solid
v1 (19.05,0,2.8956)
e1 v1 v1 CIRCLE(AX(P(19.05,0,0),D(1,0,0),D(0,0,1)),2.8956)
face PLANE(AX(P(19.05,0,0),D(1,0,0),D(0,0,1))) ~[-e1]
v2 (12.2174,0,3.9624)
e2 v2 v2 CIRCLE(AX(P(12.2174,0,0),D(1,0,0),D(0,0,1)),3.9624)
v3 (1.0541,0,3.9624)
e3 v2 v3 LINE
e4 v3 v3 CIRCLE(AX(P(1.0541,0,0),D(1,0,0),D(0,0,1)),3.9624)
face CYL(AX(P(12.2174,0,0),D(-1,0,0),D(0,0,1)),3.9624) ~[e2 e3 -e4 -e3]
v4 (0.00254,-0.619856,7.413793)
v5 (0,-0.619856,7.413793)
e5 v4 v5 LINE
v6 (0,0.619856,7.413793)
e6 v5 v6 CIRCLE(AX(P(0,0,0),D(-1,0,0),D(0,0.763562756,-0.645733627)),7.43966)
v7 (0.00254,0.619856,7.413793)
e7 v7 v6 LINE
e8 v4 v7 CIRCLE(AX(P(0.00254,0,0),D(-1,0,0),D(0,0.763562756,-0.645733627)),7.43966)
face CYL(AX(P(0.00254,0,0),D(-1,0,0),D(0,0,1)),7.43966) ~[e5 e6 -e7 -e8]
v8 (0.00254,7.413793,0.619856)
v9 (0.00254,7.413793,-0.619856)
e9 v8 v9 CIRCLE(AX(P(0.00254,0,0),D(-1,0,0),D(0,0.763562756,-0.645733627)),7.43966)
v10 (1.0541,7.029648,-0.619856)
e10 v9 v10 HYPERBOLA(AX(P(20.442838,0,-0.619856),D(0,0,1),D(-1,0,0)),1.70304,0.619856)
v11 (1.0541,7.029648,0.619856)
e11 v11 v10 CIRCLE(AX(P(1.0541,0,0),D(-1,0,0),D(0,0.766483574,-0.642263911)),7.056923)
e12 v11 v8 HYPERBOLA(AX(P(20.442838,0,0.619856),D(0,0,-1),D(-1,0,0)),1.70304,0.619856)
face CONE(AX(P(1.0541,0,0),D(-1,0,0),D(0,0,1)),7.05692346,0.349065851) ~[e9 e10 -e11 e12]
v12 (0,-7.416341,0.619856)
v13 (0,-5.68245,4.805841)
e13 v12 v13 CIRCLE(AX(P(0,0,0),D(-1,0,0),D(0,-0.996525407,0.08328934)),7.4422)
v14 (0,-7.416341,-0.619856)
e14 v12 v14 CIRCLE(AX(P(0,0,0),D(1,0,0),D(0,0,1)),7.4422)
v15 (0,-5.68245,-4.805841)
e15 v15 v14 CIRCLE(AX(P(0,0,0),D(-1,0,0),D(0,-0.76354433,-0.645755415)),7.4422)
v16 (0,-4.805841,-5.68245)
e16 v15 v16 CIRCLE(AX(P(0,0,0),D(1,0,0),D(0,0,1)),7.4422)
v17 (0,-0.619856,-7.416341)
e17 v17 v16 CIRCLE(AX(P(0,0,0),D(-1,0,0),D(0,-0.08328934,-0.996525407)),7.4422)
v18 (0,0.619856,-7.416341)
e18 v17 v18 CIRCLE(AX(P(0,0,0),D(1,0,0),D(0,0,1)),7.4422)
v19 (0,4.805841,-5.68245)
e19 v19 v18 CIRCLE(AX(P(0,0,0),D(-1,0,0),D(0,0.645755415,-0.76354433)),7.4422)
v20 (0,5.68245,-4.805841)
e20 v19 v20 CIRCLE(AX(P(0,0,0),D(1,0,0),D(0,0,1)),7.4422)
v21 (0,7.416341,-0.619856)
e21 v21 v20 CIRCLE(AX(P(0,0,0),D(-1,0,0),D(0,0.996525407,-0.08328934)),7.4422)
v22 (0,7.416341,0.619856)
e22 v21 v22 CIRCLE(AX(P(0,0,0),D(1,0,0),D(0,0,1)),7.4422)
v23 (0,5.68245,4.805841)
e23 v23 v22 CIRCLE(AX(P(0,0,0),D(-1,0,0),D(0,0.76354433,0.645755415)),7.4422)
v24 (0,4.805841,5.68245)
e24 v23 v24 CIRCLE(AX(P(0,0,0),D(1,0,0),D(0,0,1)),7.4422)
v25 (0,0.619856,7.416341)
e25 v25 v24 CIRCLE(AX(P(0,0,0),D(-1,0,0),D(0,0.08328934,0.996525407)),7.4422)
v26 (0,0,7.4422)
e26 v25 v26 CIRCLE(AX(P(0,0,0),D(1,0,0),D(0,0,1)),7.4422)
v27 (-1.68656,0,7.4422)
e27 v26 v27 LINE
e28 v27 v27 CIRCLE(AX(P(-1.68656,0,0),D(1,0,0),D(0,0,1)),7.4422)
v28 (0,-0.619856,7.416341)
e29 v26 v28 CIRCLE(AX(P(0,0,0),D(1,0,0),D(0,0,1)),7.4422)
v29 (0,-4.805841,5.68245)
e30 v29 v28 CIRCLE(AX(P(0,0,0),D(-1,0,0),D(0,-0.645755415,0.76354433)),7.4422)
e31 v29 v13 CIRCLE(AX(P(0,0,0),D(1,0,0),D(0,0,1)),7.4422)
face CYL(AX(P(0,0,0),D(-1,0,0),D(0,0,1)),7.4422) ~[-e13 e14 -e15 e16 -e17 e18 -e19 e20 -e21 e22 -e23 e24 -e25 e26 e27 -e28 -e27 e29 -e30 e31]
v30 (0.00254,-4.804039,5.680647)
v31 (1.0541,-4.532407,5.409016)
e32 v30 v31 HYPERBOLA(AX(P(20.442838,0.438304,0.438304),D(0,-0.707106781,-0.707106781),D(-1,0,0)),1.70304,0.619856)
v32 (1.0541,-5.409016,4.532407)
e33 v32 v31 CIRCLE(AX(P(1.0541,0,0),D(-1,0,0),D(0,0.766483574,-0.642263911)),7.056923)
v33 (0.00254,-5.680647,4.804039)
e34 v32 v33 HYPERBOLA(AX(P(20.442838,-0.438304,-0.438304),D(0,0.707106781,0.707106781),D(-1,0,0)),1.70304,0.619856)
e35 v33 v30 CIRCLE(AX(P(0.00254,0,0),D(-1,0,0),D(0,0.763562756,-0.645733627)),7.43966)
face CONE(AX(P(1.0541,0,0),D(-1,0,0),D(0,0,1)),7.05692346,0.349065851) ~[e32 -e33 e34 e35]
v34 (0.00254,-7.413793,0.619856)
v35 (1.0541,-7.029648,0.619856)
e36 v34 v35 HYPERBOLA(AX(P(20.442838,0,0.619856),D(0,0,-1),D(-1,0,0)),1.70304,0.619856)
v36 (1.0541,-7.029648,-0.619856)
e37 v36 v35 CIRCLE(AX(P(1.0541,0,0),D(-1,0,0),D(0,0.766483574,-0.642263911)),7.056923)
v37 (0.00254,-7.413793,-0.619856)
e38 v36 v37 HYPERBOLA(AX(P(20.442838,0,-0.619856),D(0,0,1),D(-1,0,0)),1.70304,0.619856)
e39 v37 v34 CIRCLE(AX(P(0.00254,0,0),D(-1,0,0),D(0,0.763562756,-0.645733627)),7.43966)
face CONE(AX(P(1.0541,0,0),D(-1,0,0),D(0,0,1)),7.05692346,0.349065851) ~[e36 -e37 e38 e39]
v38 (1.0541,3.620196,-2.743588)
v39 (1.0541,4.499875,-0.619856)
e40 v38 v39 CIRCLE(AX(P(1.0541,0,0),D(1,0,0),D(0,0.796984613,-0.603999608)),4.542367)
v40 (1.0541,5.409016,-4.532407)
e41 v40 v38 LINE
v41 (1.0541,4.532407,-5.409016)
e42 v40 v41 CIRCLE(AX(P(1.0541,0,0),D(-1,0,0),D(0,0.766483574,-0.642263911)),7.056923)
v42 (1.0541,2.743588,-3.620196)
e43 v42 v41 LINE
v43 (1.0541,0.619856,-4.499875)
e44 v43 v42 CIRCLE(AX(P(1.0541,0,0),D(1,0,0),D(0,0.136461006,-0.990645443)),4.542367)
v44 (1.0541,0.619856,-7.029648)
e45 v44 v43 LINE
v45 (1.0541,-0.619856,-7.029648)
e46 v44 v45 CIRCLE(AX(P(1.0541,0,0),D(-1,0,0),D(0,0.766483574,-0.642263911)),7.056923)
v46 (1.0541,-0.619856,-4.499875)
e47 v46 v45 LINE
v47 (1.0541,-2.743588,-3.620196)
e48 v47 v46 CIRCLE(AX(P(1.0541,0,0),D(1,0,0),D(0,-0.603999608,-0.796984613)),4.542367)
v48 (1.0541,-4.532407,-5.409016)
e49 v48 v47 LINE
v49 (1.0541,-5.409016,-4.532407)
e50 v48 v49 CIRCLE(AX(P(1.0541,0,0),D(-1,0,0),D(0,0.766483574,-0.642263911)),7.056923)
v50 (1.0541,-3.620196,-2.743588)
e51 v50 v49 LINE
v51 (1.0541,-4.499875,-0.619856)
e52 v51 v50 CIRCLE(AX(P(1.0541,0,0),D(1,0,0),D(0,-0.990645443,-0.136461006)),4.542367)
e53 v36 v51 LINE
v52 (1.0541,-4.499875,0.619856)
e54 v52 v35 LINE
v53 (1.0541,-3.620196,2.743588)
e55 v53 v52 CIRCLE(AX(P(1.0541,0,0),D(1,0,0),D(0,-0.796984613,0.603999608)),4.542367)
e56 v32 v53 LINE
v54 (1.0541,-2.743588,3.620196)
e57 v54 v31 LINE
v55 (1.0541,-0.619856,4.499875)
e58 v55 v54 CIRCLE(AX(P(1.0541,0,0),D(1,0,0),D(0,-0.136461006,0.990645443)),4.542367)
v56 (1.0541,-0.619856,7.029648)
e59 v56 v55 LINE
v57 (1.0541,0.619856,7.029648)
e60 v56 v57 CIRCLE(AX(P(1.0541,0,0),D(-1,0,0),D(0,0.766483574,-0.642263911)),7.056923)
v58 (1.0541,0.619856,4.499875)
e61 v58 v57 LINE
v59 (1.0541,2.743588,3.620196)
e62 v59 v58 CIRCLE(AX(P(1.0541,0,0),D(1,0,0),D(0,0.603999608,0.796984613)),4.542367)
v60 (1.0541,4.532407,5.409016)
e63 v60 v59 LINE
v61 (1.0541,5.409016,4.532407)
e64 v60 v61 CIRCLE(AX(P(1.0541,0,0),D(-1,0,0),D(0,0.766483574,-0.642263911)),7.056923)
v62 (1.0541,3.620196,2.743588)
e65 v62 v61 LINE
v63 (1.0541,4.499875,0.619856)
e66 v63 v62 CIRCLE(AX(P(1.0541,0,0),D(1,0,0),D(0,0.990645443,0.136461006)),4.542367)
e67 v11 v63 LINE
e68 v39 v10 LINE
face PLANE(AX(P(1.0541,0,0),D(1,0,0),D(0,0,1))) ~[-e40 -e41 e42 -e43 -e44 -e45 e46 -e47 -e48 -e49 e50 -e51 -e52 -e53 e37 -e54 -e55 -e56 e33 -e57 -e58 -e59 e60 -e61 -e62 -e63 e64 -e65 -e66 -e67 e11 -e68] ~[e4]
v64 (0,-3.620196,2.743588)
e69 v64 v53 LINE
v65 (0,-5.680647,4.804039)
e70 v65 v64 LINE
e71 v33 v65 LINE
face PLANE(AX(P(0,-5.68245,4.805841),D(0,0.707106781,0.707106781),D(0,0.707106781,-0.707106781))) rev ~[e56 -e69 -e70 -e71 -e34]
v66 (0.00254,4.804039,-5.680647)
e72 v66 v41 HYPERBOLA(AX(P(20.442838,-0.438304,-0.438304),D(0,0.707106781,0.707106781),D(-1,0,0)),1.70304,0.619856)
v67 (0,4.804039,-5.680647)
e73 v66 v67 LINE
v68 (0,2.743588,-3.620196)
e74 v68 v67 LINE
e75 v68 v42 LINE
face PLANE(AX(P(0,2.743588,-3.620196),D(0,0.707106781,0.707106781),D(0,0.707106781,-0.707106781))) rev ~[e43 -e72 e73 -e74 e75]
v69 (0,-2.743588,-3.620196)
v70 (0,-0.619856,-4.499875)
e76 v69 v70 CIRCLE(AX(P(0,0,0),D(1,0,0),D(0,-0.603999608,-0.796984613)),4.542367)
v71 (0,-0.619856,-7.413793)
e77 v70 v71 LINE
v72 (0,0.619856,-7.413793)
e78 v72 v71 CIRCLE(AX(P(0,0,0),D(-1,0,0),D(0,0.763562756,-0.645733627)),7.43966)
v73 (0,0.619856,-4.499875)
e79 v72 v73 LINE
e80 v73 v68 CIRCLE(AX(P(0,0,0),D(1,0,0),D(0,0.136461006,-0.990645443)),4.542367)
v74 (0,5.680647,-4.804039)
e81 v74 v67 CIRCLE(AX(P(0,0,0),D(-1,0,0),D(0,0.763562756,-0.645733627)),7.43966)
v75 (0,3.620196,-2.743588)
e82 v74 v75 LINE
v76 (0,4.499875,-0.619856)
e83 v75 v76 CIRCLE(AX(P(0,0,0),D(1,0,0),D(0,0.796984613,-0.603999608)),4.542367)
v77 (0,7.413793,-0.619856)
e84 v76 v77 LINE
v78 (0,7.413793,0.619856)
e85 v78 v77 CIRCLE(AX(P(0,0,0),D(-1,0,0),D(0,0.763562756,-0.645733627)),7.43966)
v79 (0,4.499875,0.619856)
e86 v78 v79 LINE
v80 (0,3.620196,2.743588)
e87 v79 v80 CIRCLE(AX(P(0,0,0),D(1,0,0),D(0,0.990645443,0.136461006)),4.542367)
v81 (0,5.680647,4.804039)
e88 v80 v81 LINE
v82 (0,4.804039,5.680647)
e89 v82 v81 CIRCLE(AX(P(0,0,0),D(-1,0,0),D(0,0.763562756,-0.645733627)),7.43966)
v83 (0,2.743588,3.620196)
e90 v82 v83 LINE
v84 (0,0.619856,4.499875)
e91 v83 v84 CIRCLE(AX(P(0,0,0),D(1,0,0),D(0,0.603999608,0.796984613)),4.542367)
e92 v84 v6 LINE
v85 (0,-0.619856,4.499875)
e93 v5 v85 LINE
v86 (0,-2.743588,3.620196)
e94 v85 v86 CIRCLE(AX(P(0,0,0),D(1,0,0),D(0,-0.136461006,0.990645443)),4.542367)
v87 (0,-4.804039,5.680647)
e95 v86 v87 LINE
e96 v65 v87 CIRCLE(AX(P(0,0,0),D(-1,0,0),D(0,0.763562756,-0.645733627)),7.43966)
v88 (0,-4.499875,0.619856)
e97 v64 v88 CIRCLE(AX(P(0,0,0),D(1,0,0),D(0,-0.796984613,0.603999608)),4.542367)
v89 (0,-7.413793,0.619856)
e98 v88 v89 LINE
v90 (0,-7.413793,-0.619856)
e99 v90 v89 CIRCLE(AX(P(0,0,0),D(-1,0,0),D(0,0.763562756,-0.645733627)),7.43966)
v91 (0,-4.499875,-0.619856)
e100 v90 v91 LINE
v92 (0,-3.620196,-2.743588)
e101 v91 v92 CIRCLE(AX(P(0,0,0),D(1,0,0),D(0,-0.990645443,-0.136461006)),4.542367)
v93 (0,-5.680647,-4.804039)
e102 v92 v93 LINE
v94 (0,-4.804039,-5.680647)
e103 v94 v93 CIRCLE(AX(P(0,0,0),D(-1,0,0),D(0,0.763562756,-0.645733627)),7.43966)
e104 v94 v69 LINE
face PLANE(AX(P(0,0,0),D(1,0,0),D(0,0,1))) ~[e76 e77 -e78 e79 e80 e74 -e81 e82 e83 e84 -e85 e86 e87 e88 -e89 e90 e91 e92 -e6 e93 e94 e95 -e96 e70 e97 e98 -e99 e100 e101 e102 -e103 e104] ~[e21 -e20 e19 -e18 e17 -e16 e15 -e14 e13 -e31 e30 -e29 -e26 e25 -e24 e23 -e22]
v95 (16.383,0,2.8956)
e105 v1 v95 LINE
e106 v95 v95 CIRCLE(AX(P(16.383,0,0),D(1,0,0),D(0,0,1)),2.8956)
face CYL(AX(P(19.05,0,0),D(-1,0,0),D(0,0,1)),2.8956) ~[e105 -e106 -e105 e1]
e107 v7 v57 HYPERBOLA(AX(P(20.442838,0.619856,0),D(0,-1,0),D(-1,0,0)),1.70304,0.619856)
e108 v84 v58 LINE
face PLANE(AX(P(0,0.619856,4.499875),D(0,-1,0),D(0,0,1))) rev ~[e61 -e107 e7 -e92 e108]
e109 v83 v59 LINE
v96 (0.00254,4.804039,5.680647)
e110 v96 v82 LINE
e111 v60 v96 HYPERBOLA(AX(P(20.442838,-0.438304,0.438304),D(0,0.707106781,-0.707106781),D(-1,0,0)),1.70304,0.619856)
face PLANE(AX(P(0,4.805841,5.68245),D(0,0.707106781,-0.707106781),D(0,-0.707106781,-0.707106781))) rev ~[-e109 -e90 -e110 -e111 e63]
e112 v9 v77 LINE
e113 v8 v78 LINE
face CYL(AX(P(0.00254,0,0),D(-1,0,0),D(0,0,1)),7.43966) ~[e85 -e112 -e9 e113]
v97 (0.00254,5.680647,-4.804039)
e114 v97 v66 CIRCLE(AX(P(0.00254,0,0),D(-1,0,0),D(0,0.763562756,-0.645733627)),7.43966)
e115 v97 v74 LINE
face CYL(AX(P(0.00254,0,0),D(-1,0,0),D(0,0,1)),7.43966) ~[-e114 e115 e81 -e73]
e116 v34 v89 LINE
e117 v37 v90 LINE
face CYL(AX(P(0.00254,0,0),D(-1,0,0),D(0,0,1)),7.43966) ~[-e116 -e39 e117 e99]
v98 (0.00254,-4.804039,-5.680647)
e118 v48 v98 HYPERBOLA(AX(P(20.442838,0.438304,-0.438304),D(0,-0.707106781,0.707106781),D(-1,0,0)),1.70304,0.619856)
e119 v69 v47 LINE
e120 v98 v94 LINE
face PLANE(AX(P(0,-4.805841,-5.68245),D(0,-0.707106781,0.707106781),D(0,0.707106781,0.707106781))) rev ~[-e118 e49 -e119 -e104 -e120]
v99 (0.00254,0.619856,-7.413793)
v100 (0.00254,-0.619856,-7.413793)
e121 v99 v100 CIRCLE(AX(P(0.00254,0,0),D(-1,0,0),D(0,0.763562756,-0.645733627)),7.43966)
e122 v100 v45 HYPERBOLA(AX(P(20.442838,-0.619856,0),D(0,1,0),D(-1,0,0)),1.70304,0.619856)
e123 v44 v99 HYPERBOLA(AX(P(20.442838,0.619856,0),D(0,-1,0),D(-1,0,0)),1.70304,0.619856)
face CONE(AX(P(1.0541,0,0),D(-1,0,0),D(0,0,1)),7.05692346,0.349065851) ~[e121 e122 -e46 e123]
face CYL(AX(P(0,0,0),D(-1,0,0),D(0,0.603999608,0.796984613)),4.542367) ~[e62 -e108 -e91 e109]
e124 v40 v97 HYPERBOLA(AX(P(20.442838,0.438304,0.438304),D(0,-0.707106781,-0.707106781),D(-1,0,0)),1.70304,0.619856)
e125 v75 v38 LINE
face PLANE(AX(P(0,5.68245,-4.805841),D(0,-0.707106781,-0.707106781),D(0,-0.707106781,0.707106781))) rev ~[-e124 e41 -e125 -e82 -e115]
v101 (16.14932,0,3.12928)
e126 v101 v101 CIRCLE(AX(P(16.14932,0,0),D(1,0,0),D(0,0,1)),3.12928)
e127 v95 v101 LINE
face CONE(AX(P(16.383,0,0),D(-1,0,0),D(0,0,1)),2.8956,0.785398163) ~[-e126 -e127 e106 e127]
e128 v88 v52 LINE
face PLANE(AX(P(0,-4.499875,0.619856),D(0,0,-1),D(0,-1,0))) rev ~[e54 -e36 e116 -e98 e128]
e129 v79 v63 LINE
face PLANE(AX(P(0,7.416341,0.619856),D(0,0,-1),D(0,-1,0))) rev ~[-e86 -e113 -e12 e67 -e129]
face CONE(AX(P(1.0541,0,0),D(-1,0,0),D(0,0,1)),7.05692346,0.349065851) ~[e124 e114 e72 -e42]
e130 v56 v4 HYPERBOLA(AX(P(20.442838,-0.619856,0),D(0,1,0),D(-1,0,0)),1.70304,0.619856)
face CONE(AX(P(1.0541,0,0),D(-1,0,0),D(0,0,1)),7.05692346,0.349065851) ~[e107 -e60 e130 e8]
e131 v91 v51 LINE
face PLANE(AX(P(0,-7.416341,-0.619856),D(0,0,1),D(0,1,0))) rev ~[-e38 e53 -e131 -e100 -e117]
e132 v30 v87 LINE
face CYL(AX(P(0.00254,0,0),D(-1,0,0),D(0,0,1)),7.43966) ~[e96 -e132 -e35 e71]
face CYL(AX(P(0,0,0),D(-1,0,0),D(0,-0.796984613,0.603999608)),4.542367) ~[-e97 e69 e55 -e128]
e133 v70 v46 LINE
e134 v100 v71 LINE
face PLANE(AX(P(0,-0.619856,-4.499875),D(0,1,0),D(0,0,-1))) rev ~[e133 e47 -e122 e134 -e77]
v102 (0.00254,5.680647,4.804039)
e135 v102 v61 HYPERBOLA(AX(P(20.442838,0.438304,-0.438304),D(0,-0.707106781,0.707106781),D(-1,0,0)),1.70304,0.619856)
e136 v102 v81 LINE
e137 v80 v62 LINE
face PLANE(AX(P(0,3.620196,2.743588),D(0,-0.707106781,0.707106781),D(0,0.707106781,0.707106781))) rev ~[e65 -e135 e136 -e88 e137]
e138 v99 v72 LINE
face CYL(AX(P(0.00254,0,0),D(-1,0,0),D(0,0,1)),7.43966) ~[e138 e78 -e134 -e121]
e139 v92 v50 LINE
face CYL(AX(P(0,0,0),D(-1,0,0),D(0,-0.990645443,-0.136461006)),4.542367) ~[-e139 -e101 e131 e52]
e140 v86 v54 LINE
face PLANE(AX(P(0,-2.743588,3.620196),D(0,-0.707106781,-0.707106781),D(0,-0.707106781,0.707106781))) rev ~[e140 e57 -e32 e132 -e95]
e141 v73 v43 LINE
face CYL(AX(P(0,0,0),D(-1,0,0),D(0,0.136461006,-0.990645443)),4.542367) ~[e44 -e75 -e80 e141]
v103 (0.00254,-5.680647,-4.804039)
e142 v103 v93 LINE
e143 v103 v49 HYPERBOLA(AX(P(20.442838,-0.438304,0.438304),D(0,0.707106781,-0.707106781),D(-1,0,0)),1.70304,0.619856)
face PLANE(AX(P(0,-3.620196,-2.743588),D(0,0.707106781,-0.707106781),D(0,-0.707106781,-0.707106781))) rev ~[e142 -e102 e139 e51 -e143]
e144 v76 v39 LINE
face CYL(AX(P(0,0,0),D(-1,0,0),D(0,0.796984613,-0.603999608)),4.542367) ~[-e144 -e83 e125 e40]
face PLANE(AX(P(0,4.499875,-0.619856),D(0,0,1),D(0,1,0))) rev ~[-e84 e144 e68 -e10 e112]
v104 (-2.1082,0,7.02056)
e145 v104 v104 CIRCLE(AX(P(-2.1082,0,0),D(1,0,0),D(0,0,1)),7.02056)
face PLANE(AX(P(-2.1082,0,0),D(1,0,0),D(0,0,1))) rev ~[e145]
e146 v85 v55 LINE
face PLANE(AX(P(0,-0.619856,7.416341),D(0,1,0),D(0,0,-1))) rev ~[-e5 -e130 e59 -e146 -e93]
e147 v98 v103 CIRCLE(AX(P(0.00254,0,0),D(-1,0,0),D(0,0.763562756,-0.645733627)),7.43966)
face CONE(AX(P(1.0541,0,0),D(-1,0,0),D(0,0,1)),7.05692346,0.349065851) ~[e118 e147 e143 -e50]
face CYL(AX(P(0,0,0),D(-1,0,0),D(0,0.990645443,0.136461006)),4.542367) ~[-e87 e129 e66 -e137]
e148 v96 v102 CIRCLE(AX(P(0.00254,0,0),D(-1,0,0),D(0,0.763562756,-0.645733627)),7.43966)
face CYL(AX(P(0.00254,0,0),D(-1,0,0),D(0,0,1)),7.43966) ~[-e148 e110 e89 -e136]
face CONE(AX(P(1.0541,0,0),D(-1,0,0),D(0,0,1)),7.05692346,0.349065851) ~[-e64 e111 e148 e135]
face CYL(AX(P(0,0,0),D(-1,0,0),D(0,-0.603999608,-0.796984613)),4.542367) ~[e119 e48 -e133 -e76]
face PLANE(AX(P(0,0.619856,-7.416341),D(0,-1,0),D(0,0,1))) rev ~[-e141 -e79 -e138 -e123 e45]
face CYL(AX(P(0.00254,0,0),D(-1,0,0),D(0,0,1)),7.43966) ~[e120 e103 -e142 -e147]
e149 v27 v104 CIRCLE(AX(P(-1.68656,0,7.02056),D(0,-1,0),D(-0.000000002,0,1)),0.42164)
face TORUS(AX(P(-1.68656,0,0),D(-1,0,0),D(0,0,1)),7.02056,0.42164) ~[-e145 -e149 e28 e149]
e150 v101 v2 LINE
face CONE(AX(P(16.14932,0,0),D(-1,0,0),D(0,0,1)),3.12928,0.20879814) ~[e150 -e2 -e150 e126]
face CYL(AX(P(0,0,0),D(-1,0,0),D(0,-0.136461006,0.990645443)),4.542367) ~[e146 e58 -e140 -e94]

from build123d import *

# Parameters (mm, degrees)
RIBCUT_START     = -1.0541
RIBCUT_DEPTH     = 1.0541
RIBCUTSPAT_COUNT = 8
RIBCUTSPAT_ANGLE = 315


with BuildPart() as part:
    # BodySke → BaseBody (revolve)
    with BuildSketch(Plane.XY, mode=Mode.PRIVATE) as basebody_sk:
        with BuildLine():
            Line((-2.1082, 7.02056), (-2.1082, 0))
            Line((-2.1082, 0), (19.05, 0))
            Line((19.05, 0), (19.05, 2.8956))
            Line((19.05, 2.8956), (16.383, 2.8956))
            Line((16.383, 2.8956), (16.14932, 3.12928))
            Line((16.14932, 3.12928), (12.2174, 3.9624))
            Line((12.2174, 3.9624), (1.0541, 3.9624))
            Line((1.0541, 3.9624), (1.0541, 7.05692346))
            Line((1.0541, 7.05692346), (0.00254, 7.43966))
            Line((0.00254, 7.43966), (0, 7.43966))
            Line((0, 7.43966), (0, 7.4422))
            Line((0, 7.4422), (-1.68656, 7.4422))
            ThreePointArc((-1.68656, 7.4422), (-1.984704503, 7.318704503), (-2.1082, 7.02056))
        make_face()
    revolve(basebody_sk.sketch.rotate(Axis((0, 0, 0), (1, 0, 0)), 90), axis=Axis((0, 0, 0), (1, 0, 0)))

    # RibCutSke → RibCut (cut)
    with BuildSketch(Plane(origin=(1.0541, 1.794401132, -0.090952894), x_dir=(0, 0, -1), z_dir=(1, 0, 0)).offset(RIBCUT_START)):
        with BuildLine():
            Line((0.52890303, 2.705473707), (0.52890303, 5.621940248))
            ThreePointArc((0.52890303, 5.621940248), (2.757053746, 5.081295124), (4.71488806, 3.888048477))
            Line((4.71488806, 3.888048477), (2.652634792, 1.825795208))
            ThreePointArc((2.652634792, 1.825795208), (1.647335573, 2.40219846), (0.52890303, 2.705473707))
        make_face()
    ribcut = extrude(amount=RIBCUT_DEPTH, mode=Mode.SUBTRACT)

    # RibCutsPat: RibCut ×8 about axis
    ribcutspat_axis = Axis((0, 0, 0), (1, 0, 0))
    for i in range(1, RIBCUTSPAT_COUNT):
        add(ribcut.rotate(ribcutspat_axis, i * RIBCUTSPAT_ANGLE / (RIBCUTSPAT_COUNT - 1)), mode=Mode.SUBTRACT)


solid = part.part
